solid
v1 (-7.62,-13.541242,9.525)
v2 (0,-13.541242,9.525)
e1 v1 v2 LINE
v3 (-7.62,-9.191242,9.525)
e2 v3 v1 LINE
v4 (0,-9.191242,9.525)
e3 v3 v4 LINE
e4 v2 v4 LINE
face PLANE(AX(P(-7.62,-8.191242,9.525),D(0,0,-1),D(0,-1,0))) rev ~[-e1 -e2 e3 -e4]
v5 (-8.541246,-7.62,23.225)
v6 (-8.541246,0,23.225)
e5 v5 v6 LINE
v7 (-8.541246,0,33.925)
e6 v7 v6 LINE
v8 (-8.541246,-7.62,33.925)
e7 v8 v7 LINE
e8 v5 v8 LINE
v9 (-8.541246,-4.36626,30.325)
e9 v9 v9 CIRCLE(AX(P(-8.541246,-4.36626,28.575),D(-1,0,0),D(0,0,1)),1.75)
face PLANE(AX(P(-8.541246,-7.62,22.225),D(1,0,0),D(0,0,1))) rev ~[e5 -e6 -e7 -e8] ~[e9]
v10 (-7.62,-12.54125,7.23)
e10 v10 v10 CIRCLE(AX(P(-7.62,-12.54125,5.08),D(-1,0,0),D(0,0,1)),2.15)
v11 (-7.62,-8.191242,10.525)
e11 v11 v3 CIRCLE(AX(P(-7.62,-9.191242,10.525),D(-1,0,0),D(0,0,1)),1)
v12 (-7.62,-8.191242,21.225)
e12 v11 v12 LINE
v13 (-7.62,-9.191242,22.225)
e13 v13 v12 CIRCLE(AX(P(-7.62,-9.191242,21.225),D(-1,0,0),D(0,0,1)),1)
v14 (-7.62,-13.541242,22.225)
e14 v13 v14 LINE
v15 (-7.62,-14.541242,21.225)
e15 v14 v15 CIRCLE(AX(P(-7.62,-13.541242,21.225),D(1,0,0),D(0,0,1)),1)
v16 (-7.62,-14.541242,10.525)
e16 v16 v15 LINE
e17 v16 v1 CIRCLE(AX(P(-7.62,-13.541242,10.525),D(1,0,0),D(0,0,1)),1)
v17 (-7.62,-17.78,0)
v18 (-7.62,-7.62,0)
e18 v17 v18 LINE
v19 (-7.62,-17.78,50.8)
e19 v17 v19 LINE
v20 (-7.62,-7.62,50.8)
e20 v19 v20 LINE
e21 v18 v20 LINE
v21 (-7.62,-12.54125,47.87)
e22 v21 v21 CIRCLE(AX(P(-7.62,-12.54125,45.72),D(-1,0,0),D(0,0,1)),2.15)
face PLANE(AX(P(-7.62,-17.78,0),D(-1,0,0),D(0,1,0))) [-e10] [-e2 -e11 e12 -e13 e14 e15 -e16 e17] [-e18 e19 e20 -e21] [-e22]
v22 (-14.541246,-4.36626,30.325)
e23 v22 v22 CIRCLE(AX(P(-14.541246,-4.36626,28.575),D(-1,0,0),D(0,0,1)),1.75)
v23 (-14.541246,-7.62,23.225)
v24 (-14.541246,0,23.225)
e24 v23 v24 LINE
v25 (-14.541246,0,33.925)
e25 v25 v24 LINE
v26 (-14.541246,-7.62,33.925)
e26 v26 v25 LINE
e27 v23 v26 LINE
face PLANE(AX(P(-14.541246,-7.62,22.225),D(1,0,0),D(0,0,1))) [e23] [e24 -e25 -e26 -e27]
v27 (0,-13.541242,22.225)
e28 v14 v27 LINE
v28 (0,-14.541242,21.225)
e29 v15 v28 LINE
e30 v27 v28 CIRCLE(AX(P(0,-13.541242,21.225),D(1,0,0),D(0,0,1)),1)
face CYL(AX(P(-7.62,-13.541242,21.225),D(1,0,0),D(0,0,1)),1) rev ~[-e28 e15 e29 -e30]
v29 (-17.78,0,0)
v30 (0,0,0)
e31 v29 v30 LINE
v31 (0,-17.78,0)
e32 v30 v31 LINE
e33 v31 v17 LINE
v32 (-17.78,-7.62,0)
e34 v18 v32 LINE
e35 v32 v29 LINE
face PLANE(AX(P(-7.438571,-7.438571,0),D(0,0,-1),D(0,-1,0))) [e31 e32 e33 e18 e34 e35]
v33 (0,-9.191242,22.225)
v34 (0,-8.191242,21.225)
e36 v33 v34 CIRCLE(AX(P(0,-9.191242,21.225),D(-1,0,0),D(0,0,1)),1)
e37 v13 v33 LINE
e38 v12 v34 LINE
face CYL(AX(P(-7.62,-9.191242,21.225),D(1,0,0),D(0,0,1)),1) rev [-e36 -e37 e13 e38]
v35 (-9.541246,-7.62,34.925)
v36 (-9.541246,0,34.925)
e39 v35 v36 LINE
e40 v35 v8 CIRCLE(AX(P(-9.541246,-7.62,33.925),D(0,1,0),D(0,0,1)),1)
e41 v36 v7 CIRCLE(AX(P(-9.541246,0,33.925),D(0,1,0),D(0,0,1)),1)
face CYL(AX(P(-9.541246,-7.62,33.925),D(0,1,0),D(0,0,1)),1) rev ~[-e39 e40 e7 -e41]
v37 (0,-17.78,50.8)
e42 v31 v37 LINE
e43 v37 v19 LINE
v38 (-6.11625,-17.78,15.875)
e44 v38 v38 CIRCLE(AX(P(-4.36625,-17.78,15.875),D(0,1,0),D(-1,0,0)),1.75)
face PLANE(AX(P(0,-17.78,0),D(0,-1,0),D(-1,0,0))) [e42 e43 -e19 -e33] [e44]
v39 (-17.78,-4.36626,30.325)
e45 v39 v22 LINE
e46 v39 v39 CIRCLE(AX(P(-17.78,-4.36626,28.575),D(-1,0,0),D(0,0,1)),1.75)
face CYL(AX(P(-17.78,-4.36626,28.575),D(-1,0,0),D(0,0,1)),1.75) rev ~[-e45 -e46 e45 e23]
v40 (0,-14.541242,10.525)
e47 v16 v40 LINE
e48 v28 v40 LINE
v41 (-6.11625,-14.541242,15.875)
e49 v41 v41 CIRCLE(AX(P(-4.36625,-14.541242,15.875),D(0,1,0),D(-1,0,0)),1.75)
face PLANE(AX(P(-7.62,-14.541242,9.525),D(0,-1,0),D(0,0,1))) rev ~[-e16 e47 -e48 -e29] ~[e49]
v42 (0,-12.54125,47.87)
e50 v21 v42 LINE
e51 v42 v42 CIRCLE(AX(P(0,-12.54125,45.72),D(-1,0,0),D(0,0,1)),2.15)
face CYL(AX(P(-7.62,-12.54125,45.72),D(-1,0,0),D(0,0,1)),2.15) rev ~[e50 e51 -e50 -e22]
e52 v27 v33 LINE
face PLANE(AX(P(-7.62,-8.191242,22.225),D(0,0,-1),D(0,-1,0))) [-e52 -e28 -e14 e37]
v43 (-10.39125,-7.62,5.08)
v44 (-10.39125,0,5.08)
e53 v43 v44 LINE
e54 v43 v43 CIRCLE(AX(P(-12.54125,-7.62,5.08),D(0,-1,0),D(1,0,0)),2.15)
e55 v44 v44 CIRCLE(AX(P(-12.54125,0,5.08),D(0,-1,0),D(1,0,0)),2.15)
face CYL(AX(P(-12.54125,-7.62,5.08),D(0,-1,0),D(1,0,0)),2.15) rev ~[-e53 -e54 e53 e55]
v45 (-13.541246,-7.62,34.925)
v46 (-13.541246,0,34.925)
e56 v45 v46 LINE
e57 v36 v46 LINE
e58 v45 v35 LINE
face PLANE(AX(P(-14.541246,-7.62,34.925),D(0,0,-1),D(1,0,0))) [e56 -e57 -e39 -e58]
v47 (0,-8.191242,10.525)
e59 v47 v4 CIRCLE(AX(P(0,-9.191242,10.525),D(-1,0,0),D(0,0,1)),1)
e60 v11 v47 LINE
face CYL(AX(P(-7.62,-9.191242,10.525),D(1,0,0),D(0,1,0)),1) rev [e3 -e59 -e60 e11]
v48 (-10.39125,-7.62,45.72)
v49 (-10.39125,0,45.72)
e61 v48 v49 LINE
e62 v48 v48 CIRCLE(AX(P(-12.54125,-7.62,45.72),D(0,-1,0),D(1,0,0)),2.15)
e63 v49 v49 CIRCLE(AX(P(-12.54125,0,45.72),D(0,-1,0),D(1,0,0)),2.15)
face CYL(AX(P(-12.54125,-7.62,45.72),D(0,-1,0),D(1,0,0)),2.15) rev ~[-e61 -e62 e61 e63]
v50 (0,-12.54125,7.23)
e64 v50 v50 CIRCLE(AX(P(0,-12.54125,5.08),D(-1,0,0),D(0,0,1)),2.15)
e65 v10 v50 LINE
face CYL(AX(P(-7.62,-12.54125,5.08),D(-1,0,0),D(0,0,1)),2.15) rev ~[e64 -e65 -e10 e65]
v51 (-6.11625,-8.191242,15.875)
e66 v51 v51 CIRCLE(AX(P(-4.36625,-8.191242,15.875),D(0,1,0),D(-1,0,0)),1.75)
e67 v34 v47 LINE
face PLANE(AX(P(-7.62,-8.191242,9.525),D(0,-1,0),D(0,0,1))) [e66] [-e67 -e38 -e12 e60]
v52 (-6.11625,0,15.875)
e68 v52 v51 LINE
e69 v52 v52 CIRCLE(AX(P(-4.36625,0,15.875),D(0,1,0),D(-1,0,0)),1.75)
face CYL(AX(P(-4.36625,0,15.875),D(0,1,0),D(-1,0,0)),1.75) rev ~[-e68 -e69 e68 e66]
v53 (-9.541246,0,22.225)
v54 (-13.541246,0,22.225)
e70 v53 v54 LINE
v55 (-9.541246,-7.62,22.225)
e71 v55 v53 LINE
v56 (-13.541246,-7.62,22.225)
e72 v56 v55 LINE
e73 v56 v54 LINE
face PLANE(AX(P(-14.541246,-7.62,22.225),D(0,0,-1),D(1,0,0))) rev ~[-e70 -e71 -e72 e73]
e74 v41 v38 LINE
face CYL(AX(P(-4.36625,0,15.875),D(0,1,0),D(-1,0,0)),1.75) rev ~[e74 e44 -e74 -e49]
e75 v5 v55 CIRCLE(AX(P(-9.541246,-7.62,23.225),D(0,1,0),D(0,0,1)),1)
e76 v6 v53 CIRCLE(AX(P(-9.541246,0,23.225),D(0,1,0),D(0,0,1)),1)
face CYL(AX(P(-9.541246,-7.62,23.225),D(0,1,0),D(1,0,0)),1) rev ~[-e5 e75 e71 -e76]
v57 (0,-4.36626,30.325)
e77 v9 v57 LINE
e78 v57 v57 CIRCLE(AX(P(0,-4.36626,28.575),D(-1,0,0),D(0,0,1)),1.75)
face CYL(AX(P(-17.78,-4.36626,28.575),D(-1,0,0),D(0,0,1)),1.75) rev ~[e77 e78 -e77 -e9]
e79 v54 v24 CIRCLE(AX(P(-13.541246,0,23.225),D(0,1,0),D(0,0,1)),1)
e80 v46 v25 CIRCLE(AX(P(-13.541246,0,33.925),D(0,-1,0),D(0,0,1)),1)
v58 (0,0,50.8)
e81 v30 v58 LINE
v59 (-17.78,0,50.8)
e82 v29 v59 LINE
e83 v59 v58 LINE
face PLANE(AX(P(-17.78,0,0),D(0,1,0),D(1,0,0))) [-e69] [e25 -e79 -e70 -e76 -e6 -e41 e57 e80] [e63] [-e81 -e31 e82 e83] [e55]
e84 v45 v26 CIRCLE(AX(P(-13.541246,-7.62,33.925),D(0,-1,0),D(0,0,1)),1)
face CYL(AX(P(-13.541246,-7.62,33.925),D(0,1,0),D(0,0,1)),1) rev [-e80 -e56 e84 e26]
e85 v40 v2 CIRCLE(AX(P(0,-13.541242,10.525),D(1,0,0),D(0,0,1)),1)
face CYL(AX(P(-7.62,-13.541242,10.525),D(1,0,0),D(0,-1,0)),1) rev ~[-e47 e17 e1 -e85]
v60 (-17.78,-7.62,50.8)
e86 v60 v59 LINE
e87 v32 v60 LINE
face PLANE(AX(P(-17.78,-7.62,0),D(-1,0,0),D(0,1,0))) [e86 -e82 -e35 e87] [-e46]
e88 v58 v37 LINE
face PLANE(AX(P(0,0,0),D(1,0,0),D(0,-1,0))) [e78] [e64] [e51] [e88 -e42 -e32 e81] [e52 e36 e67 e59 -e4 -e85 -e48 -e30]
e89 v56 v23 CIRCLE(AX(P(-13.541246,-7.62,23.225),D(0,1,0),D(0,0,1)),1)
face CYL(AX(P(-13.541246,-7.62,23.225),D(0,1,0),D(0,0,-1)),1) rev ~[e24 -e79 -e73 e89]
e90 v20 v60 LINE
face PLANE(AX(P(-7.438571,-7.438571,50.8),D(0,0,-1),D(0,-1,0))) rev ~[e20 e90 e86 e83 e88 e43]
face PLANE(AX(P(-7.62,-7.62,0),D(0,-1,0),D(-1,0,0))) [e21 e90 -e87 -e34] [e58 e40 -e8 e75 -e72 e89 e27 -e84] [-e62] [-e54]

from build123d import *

# Parameters (mm, degrees)
BOSS_EXTRUDE2_DEPTH = 50.8
SKETCH3_R           = 1.75
CUT_EXTRUDE1_DEPTH  = 76.2
SKETCH4_R           = 2.15
SKETCH4_W           = 6.35
SKETCH4_H           = 12.7
CUT_EXTRUDE2_DEPTH  = 76.2
SKETCH6_R           = 1.75
CUT_EXTRUDE3_DEPTH  = 76.2
SKETCH7_R           = 2.15
SKETCH7_W           = 6
SKETCH7_H           = 12.7
CUT_EXTRUDE4_DEPTH  = 76.2
FILLET1_R           = 1


with BuildPart() as part:
    # Sketch2 → Boss-Extrude2 (new body)
    with BuildSketch(Plane(origin=(0, 0, 0), x_dir=(0, 1, 0), z_dir=(0, 0, 1))):
        Polygon((0, 0), (-17.78, 0), (-17.78, 7.62), (-7.62, 7.62), (-7.62, 17.78), (0, 17.78), align=None)
    extrude(amount=BOSS_EXTRUDE2_DEPTH)

    # Sketch3 → Cut-Extrude1 (cut)
    with BuildSketch(Plane(origin=(0, 0, 0), x_dir=(-1, 0, 0), z_dir=(0, 1, 0))):
        with Locations((4.36625, 15.875)):
            Circle(SKETCH3_R)
    extrude(amount=-CUT_EXTRUDE1_DEPTH, mode=Mode.SUBTRACT)

    # Sketch4 → Cut-Extrude2 (cut)
    with BuildSketch(Plane(origin=(-7.62, 0, 0), x_dir=(0, -1, 0), z_dir=(-1, 0, 0))):
        with Locations(Location((12.54125, 5.08, 0), (0, 0, 90))):
            Circle(SKETCH4_R)
        with Locations(Location((12.54125, 45.72, 0), (0, 0, 90))):
            Circle(SKETCH4_R)
        with Locations((11.366242, 15.875)):
            Rectangle(SKETCH4_W, SKETCH4_H)
    extrude(amount=-CUT_EXTRUDE2_DEPTH, mode=Mode.SUBTRACT)

    # Sketch6 → Cut-Extrude3 (cut)
    with BuildSketch(Plane(origin=(-17.78, 0, 0), x_dir=(0, -1, 0), z_dir=(-1, 0, 0))):
        with Locations(Location((4.36626, 28.575, 0), (0, 0, 90))):
            Circle(SKETCH6_R)
    extrude(amount=-CUT_EXTRUDE3_DEPTH, mode=Mode.SUBTRACT)

    # Sketch7 → Cut-Extrude4 (cut)
    with BuildSketch(Plane.XZ.offset(7.62)):
        with Locations((-12.54125, 45.72)):
            Circle(SKETCH7_R)
        with Locations((-12.54125, 5.08)):
            Circle(SKETCH7_R)
        with Locations((-11.541246, 28.575)):
            Rectangle(SKETCH7_W, SKETCH7_H)
    extrude(amount=-CUT_EXTRUDE4_DEPTH, mode=Mode.SUBTRACT)

    # Fillet1
    fillet1_edges = [part.edges().sort_by_distance(p)[0] for p in [
        (-3.81, -8.191242, 22.225),
        (-3.81, -14.541242, 9.525),
        (-3.81, -8.191242, 9.525),
        (-3.81, -14.541242, 22.225),
        (-14.541246, -3.81, 34.925),
        (-8.541246, -3.81, 22.225),
        (-14.541246, -3.81, 22.225),
        (-8.541246, -3.81, 34.925),
    ]]
    fillet(fillet1_edges, radius=FILLET1_R)


solid = part.part
